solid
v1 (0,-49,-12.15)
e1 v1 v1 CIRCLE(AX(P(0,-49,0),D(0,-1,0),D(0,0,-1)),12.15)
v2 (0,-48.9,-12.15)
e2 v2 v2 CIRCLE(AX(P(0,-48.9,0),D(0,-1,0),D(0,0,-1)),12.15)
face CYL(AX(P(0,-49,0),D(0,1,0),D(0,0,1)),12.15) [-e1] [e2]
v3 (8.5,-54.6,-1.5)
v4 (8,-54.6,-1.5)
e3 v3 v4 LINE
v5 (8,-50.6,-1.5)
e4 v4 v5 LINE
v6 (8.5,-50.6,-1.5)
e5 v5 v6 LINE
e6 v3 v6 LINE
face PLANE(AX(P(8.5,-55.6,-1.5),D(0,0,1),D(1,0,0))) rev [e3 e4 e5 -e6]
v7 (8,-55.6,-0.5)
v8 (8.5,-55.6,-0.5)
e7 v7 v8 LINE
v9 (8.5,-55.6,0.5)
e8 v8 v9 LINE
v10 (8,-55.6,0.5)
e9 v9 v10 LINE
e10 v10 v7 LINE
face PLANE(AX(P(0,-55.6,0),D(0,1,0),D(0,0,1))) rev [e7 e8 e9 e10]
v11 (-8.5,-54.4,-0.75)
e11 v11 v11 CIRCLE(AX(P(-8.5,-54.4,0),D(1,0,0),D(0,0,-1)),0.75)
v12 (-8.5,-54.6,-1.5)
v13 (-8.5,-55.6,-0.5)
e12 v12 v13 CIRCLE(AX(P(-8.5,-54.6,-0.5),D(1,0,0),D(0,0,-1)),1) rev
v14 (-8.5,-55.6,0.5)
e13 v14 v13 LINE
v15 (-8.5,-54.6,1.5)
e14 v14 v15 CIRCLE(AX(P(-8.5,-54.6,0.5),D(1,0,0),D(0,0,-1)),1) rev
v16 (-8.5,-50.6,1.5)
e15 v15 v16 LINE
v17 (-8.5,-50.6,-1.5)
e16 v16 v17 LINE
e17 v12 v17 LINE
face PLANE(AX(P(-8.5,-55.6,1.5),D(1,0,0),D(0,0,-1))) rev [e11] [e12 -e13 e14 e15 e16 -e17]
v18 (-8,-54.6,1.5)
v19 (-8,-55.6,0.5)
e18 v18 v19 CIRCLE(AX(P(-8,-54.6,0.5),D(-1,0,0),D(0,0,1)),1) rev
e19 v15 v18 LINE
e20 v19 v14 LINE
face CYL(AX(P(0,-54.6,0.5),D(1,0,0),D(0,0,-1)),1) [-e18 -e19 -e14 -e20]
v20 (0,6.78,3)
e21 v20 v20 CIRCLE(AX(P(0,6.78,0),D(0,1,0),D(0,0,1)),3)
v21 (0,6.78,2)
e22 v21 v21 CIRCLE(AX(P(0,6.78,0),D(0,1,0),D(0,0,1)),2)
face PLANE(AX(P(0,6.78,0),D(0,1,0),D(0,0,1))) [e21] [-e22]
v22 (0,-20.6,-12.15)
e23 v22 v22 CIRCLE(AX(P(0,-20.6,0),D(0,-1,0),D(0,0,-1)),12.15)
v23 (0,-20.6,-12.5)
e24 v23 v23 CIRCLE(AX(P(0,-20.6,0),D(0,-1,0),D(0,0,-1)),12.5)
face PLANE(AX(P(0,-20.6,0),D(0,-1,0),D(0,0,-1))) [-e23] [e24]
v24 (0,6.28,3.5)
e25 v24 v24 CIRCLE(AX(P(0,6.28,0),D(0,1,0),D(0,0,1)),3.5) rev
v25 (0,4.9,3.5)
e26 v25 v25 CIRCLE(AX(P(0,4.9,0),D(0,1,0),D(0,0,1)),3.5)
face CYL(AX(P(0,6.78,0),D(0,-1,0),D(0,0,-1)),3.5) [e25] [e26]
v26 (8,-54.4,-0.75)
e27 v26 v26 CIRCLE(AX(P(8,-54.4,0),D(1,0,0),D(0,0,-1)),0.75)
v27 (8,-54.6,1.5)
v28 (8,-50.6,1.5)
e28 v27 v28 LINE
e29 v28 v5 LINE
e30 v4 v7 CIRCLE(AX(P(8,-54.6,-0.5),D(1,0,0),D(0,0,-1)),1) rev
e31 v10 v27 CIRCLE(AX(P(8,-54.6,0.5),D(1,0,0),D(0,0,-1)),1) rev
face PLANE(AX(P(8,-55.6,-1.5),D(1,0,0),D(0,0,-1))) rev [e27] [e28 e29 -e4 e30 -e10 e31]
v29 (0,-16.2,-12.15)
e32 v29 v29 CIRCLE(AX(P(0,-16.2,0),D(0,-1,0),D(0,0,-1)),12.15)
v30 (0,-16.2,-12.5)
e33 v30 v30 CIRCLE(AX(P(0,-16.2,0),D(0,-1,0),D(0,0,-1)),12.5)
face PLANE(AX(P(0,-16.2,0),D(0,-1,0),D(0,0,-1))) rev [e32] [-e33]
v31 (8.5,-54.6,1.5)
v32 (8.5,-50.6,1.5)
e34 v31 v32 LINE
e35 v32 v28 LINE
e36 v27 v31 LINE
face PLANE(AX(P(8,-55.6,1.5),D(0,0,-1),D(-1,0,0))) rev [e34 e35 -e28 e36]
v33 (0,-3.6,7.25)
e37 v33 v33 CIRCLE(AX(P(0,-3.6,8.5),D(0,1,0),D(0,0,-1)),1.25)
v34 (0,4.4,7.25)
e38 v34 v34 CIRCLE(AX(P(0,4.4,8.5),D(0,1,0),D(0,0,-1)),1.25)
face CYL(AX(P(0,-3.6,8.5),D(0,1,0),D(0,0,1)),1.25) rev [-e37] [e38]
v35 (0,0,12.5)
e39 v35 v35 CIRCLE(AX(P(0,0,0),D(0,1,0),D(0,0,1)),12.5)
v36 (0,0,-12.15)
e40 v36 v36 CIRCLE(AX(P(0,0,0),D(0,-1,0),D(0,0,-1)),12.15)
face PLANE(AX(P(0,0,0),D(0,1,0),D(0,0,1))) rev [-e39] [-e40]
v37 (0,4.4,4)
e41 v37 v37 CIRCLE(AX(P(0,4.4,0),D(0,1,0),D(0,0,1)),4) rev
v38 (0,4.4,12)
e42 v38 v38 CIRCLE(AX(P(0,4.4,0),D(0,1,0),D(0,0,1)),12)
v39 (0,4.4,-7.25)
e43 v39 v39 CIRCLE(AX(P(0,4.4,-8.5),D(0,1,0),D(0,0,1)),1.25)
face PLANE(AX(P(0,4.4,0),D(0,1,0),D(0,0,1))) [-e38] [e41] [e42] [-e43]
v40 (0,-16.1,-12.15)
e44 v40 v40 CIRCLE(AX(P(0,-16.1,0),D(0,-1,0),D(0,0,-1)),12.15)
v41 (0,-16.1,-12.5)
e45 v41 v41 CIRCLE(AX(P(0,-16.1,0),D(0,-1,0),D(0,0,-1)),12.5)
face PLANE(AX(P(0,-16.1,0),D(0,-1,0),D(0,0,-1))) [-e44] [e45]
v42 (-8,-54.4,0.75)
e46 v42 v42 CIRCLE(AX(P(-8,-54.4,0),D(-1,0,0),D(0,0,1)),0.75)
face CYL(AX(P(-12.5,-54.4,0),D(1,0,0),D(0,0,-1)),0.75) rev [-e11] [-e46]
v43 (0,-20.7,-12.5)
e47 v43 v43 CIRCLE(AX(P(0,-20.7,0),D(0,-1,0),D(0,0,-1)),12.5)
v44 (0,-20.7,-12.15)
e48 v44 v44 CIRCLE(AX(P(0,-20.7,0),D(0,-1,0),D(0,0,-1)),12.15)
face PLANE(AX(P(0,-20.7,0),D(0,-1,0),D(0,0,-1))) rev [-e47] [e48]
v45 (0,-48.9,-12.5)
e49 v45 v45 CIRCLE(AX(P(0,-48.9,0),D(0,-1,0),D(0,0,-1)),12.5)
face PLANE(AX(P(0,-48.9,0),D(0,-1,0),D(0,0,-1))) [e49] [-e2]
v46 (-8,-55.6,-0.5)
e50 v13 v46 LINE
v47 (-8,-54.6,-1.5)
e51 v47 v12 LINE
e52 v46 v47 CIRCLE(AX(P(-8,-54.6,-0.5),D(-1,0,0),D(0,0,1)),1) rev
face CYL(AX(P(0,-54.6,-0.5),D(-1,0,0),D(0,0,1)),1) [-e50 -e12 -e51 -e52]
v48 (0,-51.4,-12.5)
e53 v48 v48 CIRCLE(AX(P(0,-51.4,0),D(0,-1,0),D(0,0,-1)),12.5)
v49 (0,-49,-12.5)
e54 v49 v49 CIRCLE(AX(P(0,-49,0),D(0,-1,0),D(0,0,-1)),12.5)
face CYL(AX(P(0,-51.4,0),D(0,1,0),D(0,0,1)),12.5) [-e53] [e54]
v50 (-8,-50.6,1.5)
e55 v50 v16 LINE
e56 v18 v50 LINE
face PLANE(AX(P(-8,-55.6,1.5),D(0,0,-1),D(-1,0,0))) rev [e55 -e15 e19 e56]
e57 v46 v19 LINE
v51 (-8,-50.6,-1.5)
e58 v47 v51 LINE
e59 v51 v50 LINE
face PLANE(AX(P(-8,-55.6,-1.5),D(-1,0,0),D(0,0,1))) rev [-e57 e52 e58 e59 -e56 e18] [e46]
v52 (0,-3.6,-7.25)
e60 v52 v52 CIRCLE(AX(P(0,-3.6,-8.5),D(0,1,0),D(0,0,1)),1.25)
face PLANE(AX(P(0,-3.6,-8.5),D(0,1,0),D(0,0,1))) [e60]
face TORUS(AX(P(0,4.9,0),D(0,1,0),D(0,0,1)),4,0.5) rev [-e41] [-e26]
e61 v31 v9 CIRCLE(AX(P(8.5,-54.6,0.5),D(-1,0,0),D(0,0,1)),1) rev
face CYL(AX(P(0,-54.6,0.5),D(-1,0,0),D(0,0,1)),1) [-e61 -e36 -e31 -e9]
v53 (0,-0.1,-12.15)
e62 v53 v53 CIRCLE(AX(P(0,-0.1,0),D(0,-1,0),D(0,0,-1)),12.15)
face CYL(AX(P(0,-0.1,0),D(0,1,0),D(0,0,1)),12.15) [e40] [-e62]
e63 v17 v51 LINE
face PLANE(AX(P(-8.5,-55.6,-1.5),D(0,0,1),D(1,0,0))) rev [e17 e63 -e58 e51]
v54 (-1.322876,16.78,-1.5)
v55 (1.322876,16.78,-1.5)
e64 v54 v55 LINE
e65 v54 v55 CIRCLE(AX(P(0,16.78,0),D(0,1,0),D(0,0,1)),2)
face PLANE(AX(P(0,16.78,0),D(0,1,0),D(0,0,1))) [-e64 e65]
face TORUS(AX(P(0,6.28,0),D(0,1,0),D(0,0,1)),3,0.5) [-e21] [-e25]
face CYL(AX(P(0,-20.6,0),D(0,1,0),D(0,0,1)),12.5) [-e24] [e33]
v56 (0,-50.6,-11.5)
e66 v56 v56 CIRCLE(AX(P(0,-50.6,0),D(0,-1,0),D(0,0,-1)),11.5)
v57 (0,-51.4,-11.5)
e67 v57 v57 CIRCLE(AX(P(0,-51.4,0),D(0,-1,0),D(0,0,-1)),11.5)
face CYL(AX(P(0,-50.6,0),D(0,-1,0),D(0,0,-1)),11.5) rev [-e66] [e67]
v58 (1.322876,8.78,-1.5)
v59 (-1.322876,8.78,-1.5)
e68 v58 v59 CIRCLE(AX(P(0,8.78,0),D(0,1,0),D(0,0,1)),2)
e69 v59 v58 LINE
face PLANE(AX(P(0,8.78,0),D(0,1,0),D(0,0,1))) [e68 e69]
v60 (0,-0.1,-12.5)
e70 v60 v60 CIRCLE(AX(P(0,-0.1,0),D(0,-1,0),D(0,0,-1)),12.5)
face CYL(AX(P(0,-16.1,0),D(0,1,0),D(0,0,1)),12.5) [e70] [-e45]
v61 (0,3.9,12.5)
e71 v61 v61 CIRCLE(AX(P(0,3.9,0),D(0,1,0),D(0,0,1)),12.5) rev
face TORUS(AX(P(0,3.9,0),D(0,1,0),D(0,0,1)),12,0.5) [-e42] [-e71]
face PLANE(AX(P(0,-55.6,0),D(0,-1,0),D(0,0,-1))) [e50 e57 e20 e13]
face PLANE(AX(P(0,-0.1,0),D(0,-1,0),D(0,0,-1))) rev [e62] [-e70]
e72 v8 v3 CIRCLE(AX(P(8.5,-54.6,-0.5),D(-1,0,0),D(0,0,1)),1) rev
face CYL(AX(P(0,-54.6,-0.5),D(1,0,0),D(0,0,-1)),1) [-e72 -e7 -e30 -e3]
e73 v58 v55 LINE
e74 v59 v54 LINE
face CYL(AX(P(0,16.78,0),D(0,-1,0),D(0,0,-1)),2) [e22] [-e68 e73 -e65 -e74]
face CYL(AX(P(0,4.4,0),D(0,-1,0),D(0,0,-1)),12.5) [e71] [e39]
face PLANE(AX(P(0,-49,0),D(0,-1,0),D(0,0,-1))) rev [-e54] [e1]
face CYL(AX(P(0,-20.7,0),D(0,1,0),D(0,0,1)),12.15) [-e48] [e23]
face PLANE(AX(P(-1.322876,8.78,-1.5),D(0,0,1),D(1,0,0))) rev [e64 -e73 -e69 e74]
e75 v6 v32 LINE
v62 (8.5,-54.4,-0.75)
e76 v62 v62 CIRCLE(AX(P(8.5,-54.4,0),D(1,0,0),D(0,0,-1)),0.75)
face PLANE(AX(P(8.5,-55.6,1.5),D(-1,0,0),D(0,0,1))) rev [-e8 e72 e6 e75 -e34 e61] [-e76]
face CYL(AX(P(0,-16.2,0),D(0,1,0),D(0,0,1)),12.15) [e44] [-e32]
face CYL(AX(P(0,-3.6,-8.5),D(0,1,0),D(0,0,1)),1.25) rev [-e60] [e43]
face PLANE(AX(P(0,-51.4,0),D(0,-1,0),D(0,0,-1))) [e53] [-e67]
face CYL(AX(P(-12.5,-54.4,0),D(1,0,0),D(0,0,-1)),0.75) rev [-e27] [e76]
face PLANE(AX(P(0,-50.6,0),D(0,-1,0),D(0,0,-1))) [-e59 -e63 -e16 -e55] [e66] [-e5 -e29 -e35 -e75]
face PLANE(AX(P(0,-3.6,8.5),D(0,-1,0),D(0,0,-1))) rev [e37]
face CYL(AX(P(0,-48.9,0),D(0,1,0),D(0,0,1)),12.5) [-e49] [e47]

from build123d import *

# Parameters (mm, degrees)
SKETCH1_R            = 12.5
BOSS_EXTRUDE1_DEPTH  = 4.4
SKETCH2_R            = 12.15
BOSS_EXTRUDE2_DEPTH  = 0.1
BOSS_EXTRUDE3_START  = 16
SKETCH3_R            = 12.5
BOSS_EXTRUDE3_DEPTH  = 16
SKETCH4_R            = 12.15
BOSS_EXTRUDE4_DEPTH  = 0.1
BOSS_EXTRUDE5_START  = 4.4
SKETCH5_R            = 12.5
BOSS_EXTRUDE5_DEPTH  = 4.4
SKETCH6_R            = 12.15
BOSS_EXTRUDE6_DEPTH  = 0.1
BOSS_EXTRUDE7_START  = 28.2
SKETCH7_R            = 12.5
BOSS_EXTRUDE7_DEPTH  = 28.2
SKETCH8_R            = 12.15
BOSS_EXTRUDE8_DEPTH  = 0.1
BOSS_EXTRUDE9_START  = 2.4
SKETCH9_R            = 12.5
BOSS_EXTRUDE9_DEPTH  = 2.4
SKETCH10_R           = 11.5
CUT_EXTRUDE1_DEPTH   = 0.8
SKETCH11_W           = 0.5
SKETCH11_H           = 3
BOSS_EXTRUDE10_DEPTH = 5
SKETCH12_R           = 0.75
CUT_EXTRUDE2_DEPTH   = 61.733927915
FILLET1_R            = 1
SKETCH13_R           = 1.25
CUT_EXTRUDE3_DEPTH   = 8
SKETCH14_R           = 3.5
BOSS_EXTRUDE11_DEPTH = 2.38
SKETCH15_R           = 2
BOSS_EXTRUDE12_DEPTH = 10
CUT_EXTRUDE4_START   = -8
CUT_EXTRUDE4_DEPTH   = 8
FILLET2_R            = 0.5


with BuildPart() as part:
    # Sketch1 → Boss-Extrude1 (new body)
    with BuildSketch(Plane(origin=(0, 0, 0), x_dir=(1, 0, 0), z_dir=(0, 1, 0))):
        with Locations(Location((0, 0, 0), (0, 0, 270))):
            Circle(SKETCH1_R)
    extrude(amount=BOSS_EXTRUDE1_DEPTH)

    # Sketch2 → Boss-Extrude2 (add)
    with BuildSketch(Plane.XZ):
        with Locations(Location((0, 0, 0), (0, 0, 270))):
            Circle(SKETCH2_R)
    extrude(amount=BOSS_EXTRUDE2_DEPTH)

    # Sketch3 → Boss-Extrude3 (add)
    with BuildSketch(Plane.XZ.offset(0.1).offset(BOSS_EXTRUDE3_START)):
        with Locations(Location((0, 0, 0), (0, 0, 90))):
            Circle(SKETCH3_R)
    extrude(amount=-BOSS_EXTRUDE3_DEPTH)

    # Sketch4 → Boss-Extrude4 (add)
    with BuildSketch(Plane.XZ.offset(16.1)):
        with Locations(Location((0, 0, 0), (0, 0, 270))):
            Circle(SKETCH4_R)
    extrude(amount=BOSS_EXTRUDE4_DEPTH)

    # Sketch5 → Boss-Extrude5 (add)
    with BuildSketch(Plane.XZ.offset(16.2).offset(BOSS_EXTRUDE5_START)):
        with Locations(Location((0, 0, 0), (0, 0, 90))):
            Circle(SKETCH5_R)
    extrude(amount=-BOSS_EXTRUDE5_DEPTH)

    # Sketch6 → Boss-Extrude6 (add)
    with BuildSketch(Plane.XZ.offset(20.6)):
        with Locations(Location((0, 0, 0), (0, 0, 270))):
            Circle(SKETCH6_R)
    extrude(amount=BOSS_EXTRUDE6_DEPTH)

    # Sketch7 → Boss-Extrude7 (add)
    with BuildSketch(Plane.XZ.offset(20.7).offset(BOSS_EXTRUDE7_START)):
        with Locations(Location((0, 0, 0), (0, 0, 90))):
            Circle(SKETCH7_R)
    extrude(amount=-BOSS_EXTRUDE7_DEPTH)

    # Sketch8 → Boss-Extrude8 (add)
    with BuildSketch(Plane.XZ.offset(48.9)):
        with Locations(Location((0, 0, 0), (0, 0, 270))):
            Circle(SKETCH8_R)
    extrude(amount=BOSS_EXTRUDE8_DEPTH)

    # Sketch9 → Boss-Extrude9 (add)
    with BuildSketch(Plane.XZ.offset(49).offset(BOSS_EXTRUDE9_START)):
        with Locations(Location((0, 0, 0), (0, 0, 90))):
            Circle(SKETCH9_R)
    extrude(amount=-BOSS_EXTRUDE9_DEPTH)

    # Sketch10 → Cut-Extrude1 (cut)
    with BuildSketch(Plane.XZ.offset(51.4)):
        with Locations(Location((0, 0, 0), (0, 0, 270))):
            Circle(SKETCH10_R)
    extrude(amount=-CUT_EXTRUDE1_DEPTH, mode=Mode.SUBTRACT)

    # Sketch11 → Boss-Extrude10 (add)
    with BuildSketch(Plane.XZ.offset(50.6)):
        with Locations((-8.25, 0)):
            Rectangle(SKETCH11_W, SKETCH11_H)
        with Locations((8.25, 0)):
            Rectangle(SKETCH11_W, SKETCH11_H)
    extrude(amount=BOSS_EXTRUDE10_DEPTH)

    # Sketch12 → Cut-Extrude2 (cut, through all)
    with BuildSketch(Plane(origin=(8.5, 0, 0), x_dir=(0, 0, -1), z_dir=(1, 0, 0))):
        with Locations((0, -54.4)):
            Circle(SKETCH12_R)
    extrude(amount=-CUT_EXTRUDE2_DEPTH, mode=Mode.SUBTRACT)

    # Fillet1
    fillet1_edges = [part.edges().sort_by_distance(p)[0] for p in [
        (-8.25, -55.6, 1.5),
        (-8.25, -55.6, -1.5),
        (8.25, -55.6, -1.5),
        (8.25, -55.6, 1.5),
    ]]
    fillet(fillet1_edges, radius=FILLET1_R)

    # Sketch13 → Cut-Extrude3 (cut)
    with BuildSketch(Plane(origin=(0, 4.4, 0), x_dir=(1, 0, 0), z_dir=(0, 1, 0))):
        with Locations(Location((0, 8.5, 0), (0, 0, 270))):
            Circle(SKETCH13_R)
        with Locations(Location((0, -8.5, 0), (0, 0, 90))):
            Circle(SKETCH13_R)
    extrude(amount=-CUT_EXTRUDE3_DEPTH, mode=Mode.SUBTRACT)

    # Sketch14 → Boss-Extrude11 (add)
    with BuildSketch(Plane(origin=(0, 4.4, 0), x_dir=(1, 0, 0), z_dir=(0, 1, 0))):
        with Locations(Location((0, 0, 0), (0, 0, 270))):
            Circle(SKETCH14_R)
    extrude(amount=BOSS_EXTRUDE11_DEPTH)

    # Sketch15 → Boss-Extrude12 (add)
    with BuildSketch(Plane(origin=(0, 6.78, 0), x_dir=(1, 0, 0), z_dir=(0, 1, 0))):
        with Locations(Location((0, 0, 0), (0, 0, 270))):
            Circle(SKETCH15_R)
    extrude(amount=BOSS_EXTRUDE12_DEPTH)

    # Sketch16 → Cut-Extrude4 (cut)
    with BuildSketch(Plane(origin=(0, 16.78, 0), x_dir=(1, 0, 0), z_dir=(0, 1, 0)).offset(CUT_EXTRUDE4_START)):
        with BuildLine():
            Line((-1.322875656, 1.5), (1.322875656, 1.5))
            ThreePointArc((1.322875656, 1.5), (0, 2), (-1.322875656, 1.5))
        make_face()
    extrude(amount=CUT_EXTRUDE4_DEPTH, mode=Mode.SUBTRACT)

    # Fillet2
    fillet2_edges = [part.edges().sort_by_distance(p)[0] for p in [
        (0, 4.4, -3.5),
        (0, 6.78, -3.5),
        (0, 4.4, -12.5),
    ]]
    fillet(fillet2_edges, radius=FILLET2_R)


solid = part.part
